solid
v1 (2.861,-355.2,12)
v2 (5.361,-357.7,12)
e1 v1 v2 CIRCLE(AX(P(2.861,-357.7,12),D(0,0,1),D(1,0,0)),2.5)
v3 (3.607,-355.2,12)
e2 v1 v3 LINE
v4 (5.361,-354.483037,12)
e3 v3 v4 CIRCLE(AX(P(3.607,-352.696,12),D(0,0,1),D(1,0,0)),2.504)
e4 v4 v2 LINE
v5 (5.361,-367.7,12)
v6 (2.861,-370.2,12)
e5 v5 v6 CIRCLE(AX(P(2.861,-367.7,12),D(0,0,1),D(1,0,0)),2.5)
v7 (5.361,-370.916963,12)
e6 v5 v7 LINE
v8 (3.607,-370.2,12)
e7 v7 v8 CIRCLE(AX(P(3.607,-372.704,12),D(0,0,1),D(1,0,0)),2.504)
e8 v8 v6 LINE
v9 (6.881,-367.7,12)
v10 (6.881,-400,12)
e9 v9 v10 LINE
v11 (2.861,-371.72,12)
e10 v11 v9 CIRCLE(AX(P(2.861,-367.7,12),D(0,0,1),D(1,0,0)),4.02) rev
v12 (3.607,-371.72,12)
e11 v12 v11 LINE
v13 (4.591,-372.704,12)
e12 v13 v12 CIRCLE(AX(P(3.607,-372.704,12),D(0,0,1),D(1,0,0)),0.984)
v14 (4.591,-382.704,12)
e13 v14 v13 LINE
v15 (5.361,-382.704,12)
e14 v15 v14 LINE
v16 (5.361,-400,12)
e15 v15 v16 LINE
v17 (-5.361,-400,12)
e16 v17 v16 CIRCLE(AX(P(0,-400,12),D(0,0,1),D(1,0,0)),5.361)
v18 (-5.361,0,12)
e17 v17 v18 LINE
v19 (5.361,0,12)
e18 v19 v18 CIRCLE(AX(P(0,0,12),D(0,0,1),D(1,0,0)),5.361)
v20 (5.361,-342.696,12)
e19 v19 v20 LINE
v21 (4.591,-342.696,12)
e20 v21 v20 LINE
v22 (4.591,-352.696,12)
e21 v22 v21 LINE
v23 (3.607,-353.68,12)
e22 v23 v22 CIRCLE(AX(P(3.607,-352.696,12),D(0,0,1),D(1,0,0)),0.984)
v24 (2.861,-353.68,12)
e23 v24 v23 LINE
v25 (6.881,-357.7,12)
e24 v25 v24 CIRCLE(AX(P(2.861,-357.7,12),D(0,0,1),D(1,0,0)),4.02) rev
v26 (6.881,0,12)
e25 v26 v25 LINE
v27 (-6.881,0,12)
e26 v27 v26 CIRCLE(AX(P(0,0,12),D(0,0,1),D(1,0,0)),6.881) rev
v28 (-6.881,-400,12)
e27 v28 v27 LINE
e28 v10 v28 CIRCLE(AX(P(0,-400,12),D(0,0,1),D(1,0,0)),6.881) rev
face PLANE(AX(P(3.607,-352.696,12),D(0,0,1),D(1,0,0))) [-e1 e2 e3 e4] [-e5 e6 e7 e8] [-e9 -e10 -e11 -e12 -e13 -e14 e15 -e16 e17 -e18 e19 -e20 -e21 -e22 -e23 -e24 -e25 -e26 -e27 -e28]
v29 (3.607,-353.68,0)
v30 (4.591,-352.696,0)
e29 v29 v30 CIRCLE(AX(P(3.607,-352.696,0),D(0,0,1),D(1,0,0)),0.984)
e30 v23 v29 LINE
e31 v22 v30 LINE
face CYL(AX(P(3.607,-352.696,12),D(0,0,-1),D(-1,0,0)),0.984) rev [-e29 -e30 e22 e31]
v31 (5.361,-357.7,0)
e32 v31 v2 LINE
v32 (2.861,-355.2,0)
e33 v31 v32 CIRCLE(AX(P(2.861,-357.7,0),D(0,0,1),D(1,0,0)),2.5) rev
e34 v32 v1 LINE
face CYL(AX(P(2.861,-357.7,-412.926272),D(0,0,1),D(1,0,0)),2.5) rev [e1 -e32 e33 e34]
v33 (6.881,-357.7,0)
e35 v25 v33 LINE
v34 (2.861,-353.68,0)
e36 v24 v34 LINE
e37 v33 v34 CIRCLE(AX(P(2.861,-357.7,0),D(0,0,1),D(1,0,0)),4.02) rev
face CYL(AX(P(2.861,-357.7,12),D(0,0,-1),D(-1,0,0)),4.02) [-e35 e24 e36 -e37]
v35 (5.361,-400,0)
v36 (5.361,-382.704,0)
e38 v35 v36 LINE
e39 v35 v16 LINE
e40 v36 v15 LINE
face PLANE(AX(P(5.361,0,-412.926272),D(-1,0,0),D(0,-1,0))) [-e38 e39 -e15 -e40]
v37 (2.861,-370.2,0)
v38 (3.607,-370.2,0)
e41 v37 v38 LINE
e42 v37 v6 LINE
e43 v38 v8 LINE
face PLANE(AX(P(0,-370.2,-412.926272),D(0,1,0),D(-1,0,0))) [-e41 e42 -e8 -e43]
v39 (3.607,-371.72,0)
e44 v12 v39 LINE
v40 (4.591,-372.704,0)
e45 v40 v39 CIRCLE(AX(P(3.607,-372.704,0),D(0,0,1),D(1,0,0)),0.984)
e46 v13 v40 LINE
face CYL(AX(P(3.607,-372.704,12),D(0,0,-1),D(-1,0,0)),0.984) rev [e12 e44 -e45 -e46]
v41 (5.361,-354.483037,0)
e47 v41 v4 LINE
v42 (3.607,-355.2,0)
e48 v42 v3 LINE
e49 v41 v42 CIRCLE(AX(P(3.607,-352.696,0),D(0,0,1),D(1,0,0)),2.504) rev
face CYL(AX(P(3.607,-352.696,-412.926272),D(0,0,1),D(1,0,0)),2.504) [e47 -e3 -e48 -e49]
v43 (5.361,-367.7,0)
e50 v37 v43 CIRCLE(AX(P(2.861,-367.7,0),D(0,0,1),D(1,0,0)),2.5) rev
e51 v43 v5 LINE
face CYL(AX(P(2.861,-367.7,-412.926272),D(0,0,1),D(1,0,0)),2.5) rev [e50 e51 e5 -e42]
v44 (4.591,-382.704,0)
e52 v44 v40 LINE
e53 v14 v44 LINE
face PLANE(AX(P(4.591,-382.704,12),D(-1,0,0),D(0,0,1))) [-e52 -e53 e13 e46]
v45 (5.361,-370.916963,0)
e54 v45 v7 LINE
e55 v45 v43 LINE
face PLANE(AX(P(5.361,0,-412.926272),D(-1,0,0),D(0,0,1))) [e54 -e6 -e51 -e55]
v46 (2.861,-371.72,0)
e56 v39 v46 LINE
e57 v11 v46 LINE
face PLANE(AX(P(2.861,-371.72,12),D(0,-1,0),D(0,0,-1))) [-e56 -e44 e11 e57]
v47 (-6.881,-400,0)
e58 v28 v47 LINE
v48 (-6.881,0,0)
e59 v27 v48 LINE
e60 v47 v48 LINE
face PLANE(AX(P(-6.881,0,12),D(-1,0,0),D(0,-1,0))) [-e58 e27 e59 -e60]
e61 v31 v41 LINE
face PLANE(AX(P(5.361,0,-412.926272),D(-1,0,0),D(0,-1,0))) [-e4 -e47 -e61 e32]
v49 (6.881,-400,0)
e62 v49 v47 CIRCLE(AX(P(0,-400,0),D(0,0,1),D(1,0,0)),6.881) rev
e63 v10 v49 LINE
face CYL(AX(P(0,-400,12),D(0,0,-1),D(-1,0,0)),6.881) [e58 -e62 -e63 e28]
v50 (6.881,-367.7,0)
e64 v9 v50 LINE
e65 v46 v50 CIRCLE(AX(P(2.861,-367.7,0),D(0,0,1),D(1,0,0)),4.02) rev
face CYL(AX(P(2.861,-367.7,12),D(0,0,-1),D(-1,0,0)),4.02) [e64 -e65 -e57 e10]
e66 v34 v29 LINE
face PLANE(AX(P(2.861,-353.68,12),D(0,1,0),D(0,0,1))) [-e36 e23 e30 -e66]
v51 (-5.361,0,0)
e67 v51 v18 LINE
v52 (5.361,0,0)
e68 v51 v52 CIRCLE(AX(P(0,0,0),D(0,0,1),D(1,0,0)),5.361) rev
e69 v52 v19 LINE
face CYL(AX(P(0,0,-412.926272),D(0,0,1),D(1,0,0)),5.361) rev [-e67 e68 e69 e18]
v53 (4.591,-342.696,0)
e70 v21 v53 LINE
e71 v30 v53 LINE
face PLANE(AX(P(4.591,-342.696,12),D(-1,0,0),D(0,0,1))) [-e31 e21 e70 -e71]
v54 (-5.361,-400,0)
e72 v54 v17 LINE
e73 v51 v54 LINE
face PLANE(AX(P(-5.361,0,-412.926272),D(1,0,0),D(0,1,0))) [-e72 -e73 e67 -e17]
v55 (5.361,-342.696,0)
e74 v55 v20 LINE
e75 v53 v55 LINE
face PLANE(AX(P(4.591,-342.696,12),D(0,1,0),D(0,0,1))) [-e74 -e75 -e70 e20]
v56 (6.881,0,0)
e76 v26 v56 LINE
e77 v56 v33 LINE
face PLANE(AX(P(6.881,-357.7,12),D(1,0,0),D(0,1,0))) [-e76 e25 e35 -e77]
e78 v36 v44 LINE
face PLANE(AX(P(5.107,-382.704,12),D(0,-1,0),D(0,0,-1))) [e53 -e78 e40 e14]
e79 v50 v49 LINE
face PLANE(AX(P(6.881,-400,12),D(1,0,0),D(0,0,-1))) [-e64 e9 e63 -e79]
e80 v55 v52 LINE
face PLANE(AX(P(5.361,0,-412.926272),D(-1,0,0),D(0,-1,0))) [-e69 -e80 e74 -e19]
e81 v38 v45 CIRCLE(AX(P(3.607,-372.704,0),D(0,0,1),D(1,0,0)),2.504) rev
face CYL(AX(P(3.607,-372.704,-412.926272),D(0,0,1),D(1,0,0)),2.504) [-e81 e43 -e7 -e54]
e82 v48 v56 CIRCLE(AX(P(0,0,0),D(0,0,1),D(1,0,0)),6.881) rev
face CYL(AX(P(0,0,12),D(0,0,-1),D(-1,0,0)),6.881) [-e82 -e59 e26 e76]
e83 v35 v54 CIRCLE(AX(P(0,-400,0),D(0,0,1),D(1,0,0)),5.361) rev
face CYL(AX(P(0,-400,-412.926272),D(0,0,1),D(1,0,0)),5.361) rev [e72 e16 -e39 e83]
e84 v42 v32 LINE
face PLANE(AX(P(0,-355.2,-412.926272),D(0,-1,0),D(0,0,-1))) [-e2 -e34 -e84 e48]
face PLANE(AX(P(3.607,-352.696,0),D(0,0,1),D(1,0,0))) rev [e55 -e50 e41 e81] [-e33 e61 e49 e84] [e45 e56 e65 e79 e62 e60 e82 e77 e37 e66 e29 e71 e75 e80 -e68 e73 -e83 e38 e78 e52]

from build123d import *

# Parameters (mm, degrees)
EXTRUDE_THIN1_DEPTH = 12
BOSS_EXTRUDE2_START = -12
BOSS_EXTRUDE2_DEPTH = 12


with BuildPart() as part:
    # Sketch1 → Extrude-Thin1 (new body)
    with BuildSketch(Plane.XY):
        with BuildLine():
            Line((5.107, -342.696), (5.107, -352.696))
            ThreePointArc((5.107, -352.696), (4.667660172, -353.756660172), (3.607, -354.196))
            Line((3.607, -354.196), (2.861, -354.196))
            ThreePointArc((2.861, -354.196), (0.383297839, -360.177702161), (6.365, -357.7))
            Line((6.365, -357.7), (6.365, 0))
            ThreePointArc((6.365, 0), (0, 6.365), (-6.365, 0))
            Line((-6.365, 0), (-6.365, -400))
            ThreePointArc((-6.365, -400), (0, -406.365), (6.365, -400))
            Line((6.365, -400), (6.365, -367.7))
            ThreePointArc((6.365, -367.7), (0.383297839, -365.222297839), (2.861, -371.204))
            Line((2.861, -371.204), (3.607, -371.204))
            ThreePointArc((3.607, -371.204), (4.667660172, -371.643339828), (5.107, -372.704))
            Line((5.107, -372.704), (5.107, -382.704))
            Line((5.107, -382.704), (4.591, -382.704))
            Line((4.591, -382.704), (4.591, -372.704))
            ThreePointArc((4.591, -372.704), (4.302793073, -372.008206927), (3.607, -371.72))
            Line((3.607, -371.72), (2.861, -371.72))
            ThreePointArc((2.861, -371.72), (0.01843074, -364.85743074), (6.881, -367.7))
            Line((6.881, -367.7), (6.881, -400))
            ThreePointArc((6.881, -400), (0, -406.881), (-6.881, -400))
            Line((-6.881, -400), (-6.881, 0))
            ThreePointArc((-6.881, 0), (0, 6.881), (6.881, 0))
            Line((6.881, 0), (6.881, -357.7))
            ThreePointArc((6.881, -357.7), (0.01843074, -360.54256926), (2.861, -353.68))
            Line((2.861, -353.68), (3.607, -353.68))
            ThreePointArc((3.607, -353.68), (4.302793073, -353.391793073), (4.591, -352.696))
            Line((4.591, -352.696), (4.591, -342.696))
            Line((4.591, -342.696), (5.107, -342.696))
        make_face()
    extrude(amount=EXTRUDE_THIN1_DEPTH)

    # Sketch3 → Boss-Extrude2 (add)
    with BuildSketch(Plane.XY.offset(12).offset(BOSS_EXTRUDE2_START)):
        with BuildLine():
            ThreePointArc((-5.361, -400), (0, -405.361), (5.361, -400))
            Line((5.361, -400), (5.361, -382.704))
            Line((5.361, -382.704), (5.107, -382.704))
            Line((5.107, -382.704), (5.107, -372.704))
            ThreePointArc((5.107, -372.704), (4.667660172, -371.643339828), (3.607, -371.204))
            Line((3.607, -371.204), (2.861, -371.204))
            ThreePointArc((2.861, -371.204), (0.383297839, -365.222297839), (6.365, -367.7))
            Line((6.365, -367.7), (6.365, -400))
            ThreePointArc((6.365, -400), (0, -406.365), (-6.365, -400))
            Line((-6.365, -400), (-6.365, 0))
            ThreePointArc((-6.365, 0), (0, 6.365), (6.365, 0))
            Line((6.365, 0), (6.365, -357.7))
            ThreePointArc((6.365, -357.7), (0.383297839, -360.177702161), (2.861, -354.196))
            Line((2.861, -354.196), (3.607, -354.196))
            ThreePointArc((3.607, -354.196), (4.667660172, -353.756660172), (5.107, -352.696))
            Line((5.107, -352.696), (5.107, -342.696))
            Line((5.107, -342.696), (5.361, -342.696))
            Line((5.361, -342.696), (5.361, 0))
            ThreePointArc((5.361, 0), (0, 5.361), (-5.361, 0))
            Line((-5.361, 0), (-5.361, -400))
        make_face()
        with BuildLine():
            ThreePointArc((5.361, -367.7), (1.093233047, -365.932233047), (2.861, -370.2))
            Line((2.861, -370.2), (3.607, -370.2))
            ThreePointArc((3.607, -370.2), (4.554437655, -370.386160944), (5.361, -370.916963347))
            Line((5.361, -370.916963347), (5.361, -367.7))
        make_face(mode=Mode.SUBTRACT)
        with BuildLine():
            ThreePointArc((2.861, -355.2), (1.093233047, -359.467766953), (5.361, -357.7))
            Line((5.361, -357.7), (5.361, -354.483036653))
            ThreePointArc((5.361, -354.483036653), (4.554437655, -355.013839056), (3.607, -355.2))
            Line((3.607, -355.2), (2.861, -355.2))
        make_face(mode=Mode.SUBTRACT)
    extrude(amount=BOSS_EXTRUDE2_DEPTH)


solid = part.part
